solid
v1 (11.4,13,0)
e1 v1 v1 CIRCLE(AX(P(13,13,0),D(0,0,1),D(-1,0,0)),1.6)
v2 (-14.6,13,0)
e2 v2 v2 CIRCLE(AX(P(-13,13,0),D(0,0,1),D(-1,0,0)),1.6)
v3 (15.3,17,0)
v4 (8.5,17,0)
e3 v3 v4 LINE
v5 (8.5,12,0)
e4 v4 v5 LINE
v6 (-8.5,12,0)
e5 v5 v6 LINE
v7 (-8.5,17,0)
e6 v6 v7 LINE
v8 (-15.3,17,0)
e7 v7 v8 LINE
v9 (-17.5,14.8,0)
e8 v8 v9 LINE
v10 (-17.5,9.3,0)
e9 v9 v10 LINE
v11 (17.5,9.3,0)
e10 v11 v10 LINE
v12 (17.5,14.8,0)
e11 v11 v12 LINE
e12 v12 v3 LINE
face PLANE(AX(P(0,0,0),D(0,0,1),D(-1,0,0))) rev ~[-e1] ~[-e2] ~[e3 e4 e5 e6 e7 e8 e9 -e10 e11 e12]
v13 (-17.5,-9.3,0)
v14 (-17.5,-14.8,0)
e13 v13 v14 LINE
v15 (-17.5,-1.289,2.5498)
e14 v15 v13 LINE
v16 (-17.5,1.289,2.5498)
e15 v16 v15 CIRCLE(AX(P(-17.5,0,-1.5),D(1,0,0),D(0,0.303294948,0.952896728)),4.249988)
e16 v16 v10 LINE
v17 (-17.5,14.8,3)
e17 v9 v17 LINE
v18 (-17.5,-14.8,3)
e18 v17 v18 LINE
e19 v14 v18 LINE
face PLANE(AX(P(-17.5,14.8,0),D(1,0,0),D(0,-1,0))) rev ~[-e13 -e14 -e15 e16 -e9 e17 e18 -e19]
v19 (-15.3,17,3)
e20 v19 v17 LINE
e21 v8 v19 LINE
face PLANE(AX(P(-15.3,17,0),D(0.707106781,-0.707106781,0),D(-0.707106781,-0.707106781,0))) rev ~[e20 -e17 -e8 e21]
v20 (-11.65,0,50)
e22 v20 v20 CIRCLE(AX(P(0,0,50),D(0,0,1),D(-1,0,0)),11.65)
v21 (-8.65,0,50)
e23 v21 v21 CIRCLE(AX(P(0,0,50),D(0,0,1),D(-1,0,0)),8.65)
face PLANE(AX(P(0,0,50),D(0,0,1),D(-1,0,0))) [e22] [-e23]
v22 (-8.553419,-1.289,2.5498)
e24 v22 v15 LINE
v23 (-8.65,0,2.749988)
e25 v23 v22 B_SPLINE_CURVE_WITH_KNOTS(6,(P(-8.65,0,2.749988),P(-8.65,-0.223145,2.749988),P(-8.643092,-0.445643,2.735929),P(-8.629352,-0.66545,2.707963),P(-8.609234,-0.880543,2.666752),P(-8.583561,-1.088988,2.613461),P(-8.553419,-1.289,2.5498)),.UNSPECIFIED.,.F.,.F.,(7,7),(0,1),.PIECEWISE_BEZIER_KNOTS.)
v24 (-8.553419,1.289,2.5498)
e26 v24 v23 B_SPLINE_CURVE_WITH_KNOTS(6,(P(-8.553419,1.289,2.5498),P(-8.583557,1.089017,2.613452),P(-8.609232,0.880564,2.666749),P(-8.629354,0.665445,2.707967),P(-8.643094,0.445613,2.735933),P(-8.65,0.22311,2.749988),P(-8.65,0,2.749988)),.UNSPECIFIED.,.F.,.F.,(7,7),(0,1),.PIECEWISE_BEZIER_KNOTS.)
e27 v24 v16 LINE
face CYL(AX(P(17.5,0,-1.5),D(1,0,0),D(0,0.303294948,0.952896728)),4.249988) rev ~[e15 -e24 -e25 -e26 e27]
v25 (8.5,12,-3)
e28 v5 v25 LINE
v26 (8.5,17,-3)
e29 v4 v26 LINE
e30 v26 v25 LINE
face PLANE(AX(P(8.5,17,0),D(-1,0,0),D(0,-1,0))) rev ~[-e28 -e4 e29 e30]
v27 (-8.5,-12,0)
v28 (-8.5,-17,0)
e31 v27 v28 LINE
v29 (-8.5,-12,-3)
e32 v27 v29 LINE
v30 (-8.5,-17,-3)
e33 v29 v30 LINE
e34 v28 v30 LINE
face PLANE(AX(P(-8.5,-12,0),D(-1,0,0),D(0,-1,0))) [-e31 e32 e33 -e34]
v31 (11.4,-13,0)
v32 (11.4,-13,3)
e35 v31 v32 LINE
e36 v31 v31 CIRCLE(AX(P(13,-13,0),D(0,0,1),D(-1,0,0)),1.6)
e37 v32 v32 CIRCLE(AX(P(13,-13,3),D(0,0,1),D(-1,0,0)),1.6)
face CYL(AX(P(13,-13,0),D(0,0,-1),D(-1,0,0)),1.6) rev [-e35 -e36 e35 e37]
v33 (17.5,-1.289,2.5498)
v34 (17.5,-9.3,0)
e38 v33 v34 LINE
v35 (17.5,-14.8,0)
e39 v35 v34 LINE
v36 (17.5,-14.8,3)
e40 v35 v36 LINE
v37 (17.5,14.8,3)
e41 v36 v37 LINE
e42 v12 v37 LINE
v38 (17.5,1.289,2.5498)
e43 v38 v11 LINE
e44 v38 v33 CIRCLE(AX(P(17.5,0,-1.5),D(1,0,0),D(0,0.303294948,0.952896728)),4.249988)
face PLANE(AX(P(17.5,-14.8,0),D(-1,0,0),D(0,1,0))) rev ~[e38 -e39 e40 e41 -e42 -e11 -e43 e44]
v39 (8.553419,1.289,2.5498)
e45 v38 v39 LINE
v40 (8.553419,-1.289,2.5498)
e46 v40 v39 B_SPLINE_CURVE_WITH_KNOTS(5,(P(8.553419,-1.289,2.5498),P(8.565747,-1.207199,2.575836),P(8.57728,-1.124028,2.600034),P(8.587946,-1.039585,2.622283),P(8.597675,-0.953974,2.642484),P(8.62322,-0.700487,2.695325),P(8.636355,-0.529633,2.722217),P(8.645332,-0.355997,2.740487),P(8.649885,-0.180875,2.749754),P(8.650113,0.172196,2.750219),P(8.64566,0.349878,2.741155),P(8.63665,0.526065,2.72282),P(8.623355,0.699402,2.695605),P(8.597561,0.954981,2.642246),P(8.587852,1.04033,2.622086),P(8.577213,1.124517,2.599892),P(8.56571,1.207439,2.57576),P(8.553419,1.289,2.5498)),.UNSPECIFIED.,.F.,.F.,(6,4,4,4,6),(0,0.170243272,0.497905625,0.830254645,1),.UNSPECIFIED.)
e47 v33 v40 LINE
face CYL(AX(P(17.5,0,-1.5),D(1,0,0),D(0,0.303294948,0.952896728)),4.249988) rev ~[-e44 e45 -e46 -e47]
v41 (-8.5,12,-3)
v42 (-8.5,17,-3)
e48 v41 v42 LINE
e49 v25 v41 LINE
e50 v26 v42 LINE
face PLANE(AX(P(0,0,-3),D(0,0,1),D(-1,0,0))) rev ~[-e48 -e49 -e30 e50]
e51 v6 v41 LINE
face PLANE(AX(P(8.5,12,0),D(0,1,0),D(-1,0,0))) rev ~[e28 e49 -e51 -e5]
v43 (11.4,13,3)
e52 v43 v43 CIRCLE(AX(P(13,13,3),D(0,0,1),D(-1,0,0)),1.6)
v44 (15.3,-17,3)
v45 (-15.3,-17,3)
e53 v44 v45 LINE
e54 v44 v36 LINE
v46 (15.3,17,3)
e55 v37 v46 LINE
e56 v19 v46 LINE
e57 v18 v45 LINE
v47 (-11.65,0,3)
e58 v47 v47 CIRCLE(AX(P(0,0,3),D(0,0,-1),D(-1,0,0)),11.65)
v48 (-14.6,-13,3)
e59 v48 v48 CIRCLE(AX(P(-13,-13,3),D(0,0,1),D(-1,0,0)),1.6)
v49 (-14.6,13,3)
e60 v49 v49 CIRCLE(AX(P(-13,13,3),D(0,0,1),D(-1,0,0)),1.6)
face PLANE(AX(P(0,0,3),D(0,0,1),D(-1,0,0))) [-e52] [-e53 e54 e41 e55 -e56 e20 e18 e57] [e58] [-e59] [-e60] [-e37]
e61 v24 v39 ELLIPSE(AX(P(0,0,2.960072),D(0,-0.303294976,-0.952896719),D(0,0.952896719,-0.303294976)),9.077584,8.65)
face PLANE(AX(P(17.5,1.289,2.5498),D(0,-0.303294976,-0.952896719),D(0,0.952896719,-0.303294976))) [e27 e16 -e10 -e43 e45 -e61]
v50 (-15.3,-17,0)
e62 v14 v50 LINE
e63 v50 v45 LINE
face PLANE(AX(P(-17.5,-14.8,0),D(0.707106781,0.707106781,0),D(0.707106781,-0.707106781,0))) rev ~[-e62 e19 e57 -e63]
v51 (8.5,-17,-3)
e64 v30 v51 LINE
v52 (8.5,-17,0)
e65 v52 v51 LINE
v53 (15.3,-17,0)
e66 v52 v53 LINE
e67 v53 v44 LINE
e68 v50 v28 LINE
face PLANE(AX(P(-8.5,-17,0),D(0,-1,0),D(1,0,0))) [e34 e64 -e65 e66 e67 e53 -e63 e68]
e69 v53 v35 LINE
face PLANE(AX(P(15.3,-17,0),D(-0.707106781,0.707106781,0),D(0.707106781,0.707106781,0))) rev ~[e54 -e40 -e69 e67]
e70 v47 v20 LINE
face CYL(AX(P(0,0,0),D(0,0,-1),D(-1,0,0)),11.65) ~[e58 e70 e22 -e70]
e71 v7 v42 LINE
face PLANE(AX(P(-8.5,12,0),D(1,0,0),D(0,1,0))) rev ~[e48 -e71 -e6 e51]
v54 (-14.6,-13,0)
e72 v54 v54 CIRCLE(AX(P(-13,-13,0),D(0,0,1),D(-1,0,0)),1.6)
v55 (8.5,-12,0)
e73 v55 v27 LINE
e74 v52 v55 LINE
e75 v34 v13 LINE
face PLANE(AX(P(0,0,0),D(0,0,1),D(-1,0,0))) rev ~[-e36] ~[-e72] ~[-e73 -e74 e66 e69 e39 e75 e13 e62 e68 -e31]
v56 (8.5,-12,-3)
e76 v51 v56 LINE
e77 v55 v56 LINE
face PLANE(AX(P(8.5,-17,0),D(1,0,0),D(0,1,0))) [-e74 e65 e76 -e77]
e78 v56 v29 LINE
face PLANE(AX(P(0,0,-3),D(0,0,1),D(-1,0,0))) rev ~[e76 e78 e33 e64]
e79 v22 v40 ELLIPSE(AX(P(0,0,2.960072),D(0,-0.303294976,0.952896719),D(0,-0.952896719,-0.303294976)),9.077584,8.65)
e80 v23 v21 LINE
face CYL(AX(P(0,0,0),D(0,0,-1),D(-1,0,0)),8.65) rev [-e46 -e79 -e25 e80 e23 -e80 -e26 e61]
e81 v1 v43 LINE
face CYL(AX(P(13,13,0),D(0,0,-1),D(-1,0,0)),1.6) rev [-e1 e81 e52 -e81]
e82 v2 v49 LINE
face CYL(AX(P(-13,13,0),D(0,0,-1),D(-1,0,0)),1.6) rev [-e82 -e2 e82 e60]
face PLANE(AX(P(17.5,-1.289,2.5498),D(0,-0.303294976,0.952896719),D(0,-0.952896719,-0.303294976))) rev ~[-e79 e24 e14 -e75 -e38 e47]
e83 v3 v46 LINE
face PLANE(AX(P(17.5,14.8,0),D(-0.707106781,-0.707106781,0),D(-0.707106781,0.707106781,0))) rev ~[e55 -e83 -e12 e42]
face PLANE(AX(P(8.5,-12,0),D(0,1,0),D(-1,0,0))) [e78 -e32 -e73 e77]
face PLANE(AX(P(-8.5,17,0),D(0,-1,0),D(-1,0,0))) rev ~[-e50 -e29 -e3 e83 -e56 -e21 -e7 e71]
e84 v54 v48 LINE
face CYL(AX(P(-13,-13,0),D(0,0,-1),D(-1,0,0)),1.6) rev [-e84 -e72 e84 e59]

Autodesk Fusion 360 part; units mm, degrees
sketch "Sketch3" plane through (0, 0, 0) normal (0, 0, 1) x (-1, 0, 0)
  circle A0 centre (13, -13) radius 1
  circle A1 centre (13, 13) radius 1
  circle A2 centre (-13, 13) radius 1
  circle A3 centre (-13, -13) radius 1
  circle A4 centre (13, -13) radius 1.6
  circle A5 centre (13, 13) radius 1.6
  circle A6 centre (-13, 13) radius 1.6
  circle A7 centre (-13, -13) radius 1.6
  line L0 (17.5, -14.8) -> (17.5, 14.8)
  line L1 (17.5, 14.8) -> (15.3, 17)
  line L2 (15.3, 17) -> (-15.3, 17)
  line L3 (-15.3, 17) -> (-17.5, 14.8)
  line L4 (-17.5, 14.8) -> (-17.5, -14.8)
  line L5 (-17.5, -14.8) -> (-15.3, -17)
  line L6 (-15.3, -17) -> (15.3, -17)
  line L7 (15.3, -17) -> (17.5, -14.8)
  circle A8 centre (0, 0) radius 11.65
  circle A9 centre (0, 0) radius 8.65
  line L8 (8.5, 17) -> (-8.5, 17)
  line L9 (-8.5, 17) -> (-8.5, 12)
  line L10 (-8.5, 12) -> (8.5, 12)
  line L11 (8.5, 12) -> (8.5, 17)
  line L12 (8.5, -17) -> (-8.5, -17)
  line L13 (-8.5, -17) -> (-8.5, -12)
  line L14 (-8.5, -12) -> (8.5, -12)
  line L15 (8.5, -12) -> (8.5, -17)
  point P0 (17.5, -14.8)
  point P1 (15.3, -17)
  point P2 (17.5, 14.8)
  point P3 (15.3, 17)
  point P4 (-15.3, 17)
  point P5 (-17.5, 14.8)
  point P6 (-17.5, -14.8)
  point P7 (-15.3, -17)
  point P8 (-17.5, -8.8262)
  point P9 (-17.5, 8.8262)
  point P10 (-9, 17)
  point P11 (9, 17)
  point P12 (9, -17)
  point P13 (-9, -17)
  dimension "d26" = 3.2
  dimension "d27" = 3.2
  dimension "d28" = 3.2
  dimension "d29" = 3.2
  dimension "d30" = 23.3
  dimension "d31" = -3
  dimension "d38" = 5
  dimension "d39" = 0.5
  dimension "d40" = 0.5
  dimension "d41" = 0.5
  dimension "d42" = 5
  dimension "d43" = 0.5
extrude "Extrude6" add sketch "Sketch3" against normal blind 3 contours L6 L12 L13 L14 L15 | L2 L8 L9 L10 L11 makes body 1 at (2.8333, -15.3333, 0) makes body 2 at (-2.8333, 13.6667, 0)
extrude "Extrude3" add sketch "Sketch3" along normal blind 3 contours L0 L1 L2 L3 L4 L5 L6 L7 L9 L10 L11 L13 L14 L15 | L6 L12 L13 L14 L15 | L2 L8 L9 L10 L11 | A8 bodies 1 2
extrude "Extrude4" cut sketch "Sketch3" along normal blind 40 contours A8 bodies 1
extrude "Extrude5" add sketch "Sketch3" along normal blind 50 contours A8 bodies 1
sketch "Sketch4" plane through (17.5, 0, 0) normal (1, 0, 0) x (0, 1, 0)
  line L0 (-14.8, 0) -> (14.8, 0)
  line L1 (14.8, 0) -> (14.8, 3)
  line L2 (14.8, 3) -> (-14.8, 3)
  line L3 (-14.8, 3) -> (-14.8, 0)
  line L4 (1.289, 2.5498) -> (9.3, 0)
  line L5 (-1.289, 2.5498) -> (-9.3, 0)
  arc A0 (1.289, 2.5498) -> (-1.289, 2.5498) centre (0, -1.5) ccw
  line L6 (0, 0) -> (0, -1.5) construction
  dimension "d50" = 4.25
  dimension "d51" = 5.5
  dimension "d52" = 5.5
  dimension "d54" = 1.5
extrude "Extrude7" cut sketch "Sketch4" against normal through all contours L0 L4 L5 A0 bodies 1
